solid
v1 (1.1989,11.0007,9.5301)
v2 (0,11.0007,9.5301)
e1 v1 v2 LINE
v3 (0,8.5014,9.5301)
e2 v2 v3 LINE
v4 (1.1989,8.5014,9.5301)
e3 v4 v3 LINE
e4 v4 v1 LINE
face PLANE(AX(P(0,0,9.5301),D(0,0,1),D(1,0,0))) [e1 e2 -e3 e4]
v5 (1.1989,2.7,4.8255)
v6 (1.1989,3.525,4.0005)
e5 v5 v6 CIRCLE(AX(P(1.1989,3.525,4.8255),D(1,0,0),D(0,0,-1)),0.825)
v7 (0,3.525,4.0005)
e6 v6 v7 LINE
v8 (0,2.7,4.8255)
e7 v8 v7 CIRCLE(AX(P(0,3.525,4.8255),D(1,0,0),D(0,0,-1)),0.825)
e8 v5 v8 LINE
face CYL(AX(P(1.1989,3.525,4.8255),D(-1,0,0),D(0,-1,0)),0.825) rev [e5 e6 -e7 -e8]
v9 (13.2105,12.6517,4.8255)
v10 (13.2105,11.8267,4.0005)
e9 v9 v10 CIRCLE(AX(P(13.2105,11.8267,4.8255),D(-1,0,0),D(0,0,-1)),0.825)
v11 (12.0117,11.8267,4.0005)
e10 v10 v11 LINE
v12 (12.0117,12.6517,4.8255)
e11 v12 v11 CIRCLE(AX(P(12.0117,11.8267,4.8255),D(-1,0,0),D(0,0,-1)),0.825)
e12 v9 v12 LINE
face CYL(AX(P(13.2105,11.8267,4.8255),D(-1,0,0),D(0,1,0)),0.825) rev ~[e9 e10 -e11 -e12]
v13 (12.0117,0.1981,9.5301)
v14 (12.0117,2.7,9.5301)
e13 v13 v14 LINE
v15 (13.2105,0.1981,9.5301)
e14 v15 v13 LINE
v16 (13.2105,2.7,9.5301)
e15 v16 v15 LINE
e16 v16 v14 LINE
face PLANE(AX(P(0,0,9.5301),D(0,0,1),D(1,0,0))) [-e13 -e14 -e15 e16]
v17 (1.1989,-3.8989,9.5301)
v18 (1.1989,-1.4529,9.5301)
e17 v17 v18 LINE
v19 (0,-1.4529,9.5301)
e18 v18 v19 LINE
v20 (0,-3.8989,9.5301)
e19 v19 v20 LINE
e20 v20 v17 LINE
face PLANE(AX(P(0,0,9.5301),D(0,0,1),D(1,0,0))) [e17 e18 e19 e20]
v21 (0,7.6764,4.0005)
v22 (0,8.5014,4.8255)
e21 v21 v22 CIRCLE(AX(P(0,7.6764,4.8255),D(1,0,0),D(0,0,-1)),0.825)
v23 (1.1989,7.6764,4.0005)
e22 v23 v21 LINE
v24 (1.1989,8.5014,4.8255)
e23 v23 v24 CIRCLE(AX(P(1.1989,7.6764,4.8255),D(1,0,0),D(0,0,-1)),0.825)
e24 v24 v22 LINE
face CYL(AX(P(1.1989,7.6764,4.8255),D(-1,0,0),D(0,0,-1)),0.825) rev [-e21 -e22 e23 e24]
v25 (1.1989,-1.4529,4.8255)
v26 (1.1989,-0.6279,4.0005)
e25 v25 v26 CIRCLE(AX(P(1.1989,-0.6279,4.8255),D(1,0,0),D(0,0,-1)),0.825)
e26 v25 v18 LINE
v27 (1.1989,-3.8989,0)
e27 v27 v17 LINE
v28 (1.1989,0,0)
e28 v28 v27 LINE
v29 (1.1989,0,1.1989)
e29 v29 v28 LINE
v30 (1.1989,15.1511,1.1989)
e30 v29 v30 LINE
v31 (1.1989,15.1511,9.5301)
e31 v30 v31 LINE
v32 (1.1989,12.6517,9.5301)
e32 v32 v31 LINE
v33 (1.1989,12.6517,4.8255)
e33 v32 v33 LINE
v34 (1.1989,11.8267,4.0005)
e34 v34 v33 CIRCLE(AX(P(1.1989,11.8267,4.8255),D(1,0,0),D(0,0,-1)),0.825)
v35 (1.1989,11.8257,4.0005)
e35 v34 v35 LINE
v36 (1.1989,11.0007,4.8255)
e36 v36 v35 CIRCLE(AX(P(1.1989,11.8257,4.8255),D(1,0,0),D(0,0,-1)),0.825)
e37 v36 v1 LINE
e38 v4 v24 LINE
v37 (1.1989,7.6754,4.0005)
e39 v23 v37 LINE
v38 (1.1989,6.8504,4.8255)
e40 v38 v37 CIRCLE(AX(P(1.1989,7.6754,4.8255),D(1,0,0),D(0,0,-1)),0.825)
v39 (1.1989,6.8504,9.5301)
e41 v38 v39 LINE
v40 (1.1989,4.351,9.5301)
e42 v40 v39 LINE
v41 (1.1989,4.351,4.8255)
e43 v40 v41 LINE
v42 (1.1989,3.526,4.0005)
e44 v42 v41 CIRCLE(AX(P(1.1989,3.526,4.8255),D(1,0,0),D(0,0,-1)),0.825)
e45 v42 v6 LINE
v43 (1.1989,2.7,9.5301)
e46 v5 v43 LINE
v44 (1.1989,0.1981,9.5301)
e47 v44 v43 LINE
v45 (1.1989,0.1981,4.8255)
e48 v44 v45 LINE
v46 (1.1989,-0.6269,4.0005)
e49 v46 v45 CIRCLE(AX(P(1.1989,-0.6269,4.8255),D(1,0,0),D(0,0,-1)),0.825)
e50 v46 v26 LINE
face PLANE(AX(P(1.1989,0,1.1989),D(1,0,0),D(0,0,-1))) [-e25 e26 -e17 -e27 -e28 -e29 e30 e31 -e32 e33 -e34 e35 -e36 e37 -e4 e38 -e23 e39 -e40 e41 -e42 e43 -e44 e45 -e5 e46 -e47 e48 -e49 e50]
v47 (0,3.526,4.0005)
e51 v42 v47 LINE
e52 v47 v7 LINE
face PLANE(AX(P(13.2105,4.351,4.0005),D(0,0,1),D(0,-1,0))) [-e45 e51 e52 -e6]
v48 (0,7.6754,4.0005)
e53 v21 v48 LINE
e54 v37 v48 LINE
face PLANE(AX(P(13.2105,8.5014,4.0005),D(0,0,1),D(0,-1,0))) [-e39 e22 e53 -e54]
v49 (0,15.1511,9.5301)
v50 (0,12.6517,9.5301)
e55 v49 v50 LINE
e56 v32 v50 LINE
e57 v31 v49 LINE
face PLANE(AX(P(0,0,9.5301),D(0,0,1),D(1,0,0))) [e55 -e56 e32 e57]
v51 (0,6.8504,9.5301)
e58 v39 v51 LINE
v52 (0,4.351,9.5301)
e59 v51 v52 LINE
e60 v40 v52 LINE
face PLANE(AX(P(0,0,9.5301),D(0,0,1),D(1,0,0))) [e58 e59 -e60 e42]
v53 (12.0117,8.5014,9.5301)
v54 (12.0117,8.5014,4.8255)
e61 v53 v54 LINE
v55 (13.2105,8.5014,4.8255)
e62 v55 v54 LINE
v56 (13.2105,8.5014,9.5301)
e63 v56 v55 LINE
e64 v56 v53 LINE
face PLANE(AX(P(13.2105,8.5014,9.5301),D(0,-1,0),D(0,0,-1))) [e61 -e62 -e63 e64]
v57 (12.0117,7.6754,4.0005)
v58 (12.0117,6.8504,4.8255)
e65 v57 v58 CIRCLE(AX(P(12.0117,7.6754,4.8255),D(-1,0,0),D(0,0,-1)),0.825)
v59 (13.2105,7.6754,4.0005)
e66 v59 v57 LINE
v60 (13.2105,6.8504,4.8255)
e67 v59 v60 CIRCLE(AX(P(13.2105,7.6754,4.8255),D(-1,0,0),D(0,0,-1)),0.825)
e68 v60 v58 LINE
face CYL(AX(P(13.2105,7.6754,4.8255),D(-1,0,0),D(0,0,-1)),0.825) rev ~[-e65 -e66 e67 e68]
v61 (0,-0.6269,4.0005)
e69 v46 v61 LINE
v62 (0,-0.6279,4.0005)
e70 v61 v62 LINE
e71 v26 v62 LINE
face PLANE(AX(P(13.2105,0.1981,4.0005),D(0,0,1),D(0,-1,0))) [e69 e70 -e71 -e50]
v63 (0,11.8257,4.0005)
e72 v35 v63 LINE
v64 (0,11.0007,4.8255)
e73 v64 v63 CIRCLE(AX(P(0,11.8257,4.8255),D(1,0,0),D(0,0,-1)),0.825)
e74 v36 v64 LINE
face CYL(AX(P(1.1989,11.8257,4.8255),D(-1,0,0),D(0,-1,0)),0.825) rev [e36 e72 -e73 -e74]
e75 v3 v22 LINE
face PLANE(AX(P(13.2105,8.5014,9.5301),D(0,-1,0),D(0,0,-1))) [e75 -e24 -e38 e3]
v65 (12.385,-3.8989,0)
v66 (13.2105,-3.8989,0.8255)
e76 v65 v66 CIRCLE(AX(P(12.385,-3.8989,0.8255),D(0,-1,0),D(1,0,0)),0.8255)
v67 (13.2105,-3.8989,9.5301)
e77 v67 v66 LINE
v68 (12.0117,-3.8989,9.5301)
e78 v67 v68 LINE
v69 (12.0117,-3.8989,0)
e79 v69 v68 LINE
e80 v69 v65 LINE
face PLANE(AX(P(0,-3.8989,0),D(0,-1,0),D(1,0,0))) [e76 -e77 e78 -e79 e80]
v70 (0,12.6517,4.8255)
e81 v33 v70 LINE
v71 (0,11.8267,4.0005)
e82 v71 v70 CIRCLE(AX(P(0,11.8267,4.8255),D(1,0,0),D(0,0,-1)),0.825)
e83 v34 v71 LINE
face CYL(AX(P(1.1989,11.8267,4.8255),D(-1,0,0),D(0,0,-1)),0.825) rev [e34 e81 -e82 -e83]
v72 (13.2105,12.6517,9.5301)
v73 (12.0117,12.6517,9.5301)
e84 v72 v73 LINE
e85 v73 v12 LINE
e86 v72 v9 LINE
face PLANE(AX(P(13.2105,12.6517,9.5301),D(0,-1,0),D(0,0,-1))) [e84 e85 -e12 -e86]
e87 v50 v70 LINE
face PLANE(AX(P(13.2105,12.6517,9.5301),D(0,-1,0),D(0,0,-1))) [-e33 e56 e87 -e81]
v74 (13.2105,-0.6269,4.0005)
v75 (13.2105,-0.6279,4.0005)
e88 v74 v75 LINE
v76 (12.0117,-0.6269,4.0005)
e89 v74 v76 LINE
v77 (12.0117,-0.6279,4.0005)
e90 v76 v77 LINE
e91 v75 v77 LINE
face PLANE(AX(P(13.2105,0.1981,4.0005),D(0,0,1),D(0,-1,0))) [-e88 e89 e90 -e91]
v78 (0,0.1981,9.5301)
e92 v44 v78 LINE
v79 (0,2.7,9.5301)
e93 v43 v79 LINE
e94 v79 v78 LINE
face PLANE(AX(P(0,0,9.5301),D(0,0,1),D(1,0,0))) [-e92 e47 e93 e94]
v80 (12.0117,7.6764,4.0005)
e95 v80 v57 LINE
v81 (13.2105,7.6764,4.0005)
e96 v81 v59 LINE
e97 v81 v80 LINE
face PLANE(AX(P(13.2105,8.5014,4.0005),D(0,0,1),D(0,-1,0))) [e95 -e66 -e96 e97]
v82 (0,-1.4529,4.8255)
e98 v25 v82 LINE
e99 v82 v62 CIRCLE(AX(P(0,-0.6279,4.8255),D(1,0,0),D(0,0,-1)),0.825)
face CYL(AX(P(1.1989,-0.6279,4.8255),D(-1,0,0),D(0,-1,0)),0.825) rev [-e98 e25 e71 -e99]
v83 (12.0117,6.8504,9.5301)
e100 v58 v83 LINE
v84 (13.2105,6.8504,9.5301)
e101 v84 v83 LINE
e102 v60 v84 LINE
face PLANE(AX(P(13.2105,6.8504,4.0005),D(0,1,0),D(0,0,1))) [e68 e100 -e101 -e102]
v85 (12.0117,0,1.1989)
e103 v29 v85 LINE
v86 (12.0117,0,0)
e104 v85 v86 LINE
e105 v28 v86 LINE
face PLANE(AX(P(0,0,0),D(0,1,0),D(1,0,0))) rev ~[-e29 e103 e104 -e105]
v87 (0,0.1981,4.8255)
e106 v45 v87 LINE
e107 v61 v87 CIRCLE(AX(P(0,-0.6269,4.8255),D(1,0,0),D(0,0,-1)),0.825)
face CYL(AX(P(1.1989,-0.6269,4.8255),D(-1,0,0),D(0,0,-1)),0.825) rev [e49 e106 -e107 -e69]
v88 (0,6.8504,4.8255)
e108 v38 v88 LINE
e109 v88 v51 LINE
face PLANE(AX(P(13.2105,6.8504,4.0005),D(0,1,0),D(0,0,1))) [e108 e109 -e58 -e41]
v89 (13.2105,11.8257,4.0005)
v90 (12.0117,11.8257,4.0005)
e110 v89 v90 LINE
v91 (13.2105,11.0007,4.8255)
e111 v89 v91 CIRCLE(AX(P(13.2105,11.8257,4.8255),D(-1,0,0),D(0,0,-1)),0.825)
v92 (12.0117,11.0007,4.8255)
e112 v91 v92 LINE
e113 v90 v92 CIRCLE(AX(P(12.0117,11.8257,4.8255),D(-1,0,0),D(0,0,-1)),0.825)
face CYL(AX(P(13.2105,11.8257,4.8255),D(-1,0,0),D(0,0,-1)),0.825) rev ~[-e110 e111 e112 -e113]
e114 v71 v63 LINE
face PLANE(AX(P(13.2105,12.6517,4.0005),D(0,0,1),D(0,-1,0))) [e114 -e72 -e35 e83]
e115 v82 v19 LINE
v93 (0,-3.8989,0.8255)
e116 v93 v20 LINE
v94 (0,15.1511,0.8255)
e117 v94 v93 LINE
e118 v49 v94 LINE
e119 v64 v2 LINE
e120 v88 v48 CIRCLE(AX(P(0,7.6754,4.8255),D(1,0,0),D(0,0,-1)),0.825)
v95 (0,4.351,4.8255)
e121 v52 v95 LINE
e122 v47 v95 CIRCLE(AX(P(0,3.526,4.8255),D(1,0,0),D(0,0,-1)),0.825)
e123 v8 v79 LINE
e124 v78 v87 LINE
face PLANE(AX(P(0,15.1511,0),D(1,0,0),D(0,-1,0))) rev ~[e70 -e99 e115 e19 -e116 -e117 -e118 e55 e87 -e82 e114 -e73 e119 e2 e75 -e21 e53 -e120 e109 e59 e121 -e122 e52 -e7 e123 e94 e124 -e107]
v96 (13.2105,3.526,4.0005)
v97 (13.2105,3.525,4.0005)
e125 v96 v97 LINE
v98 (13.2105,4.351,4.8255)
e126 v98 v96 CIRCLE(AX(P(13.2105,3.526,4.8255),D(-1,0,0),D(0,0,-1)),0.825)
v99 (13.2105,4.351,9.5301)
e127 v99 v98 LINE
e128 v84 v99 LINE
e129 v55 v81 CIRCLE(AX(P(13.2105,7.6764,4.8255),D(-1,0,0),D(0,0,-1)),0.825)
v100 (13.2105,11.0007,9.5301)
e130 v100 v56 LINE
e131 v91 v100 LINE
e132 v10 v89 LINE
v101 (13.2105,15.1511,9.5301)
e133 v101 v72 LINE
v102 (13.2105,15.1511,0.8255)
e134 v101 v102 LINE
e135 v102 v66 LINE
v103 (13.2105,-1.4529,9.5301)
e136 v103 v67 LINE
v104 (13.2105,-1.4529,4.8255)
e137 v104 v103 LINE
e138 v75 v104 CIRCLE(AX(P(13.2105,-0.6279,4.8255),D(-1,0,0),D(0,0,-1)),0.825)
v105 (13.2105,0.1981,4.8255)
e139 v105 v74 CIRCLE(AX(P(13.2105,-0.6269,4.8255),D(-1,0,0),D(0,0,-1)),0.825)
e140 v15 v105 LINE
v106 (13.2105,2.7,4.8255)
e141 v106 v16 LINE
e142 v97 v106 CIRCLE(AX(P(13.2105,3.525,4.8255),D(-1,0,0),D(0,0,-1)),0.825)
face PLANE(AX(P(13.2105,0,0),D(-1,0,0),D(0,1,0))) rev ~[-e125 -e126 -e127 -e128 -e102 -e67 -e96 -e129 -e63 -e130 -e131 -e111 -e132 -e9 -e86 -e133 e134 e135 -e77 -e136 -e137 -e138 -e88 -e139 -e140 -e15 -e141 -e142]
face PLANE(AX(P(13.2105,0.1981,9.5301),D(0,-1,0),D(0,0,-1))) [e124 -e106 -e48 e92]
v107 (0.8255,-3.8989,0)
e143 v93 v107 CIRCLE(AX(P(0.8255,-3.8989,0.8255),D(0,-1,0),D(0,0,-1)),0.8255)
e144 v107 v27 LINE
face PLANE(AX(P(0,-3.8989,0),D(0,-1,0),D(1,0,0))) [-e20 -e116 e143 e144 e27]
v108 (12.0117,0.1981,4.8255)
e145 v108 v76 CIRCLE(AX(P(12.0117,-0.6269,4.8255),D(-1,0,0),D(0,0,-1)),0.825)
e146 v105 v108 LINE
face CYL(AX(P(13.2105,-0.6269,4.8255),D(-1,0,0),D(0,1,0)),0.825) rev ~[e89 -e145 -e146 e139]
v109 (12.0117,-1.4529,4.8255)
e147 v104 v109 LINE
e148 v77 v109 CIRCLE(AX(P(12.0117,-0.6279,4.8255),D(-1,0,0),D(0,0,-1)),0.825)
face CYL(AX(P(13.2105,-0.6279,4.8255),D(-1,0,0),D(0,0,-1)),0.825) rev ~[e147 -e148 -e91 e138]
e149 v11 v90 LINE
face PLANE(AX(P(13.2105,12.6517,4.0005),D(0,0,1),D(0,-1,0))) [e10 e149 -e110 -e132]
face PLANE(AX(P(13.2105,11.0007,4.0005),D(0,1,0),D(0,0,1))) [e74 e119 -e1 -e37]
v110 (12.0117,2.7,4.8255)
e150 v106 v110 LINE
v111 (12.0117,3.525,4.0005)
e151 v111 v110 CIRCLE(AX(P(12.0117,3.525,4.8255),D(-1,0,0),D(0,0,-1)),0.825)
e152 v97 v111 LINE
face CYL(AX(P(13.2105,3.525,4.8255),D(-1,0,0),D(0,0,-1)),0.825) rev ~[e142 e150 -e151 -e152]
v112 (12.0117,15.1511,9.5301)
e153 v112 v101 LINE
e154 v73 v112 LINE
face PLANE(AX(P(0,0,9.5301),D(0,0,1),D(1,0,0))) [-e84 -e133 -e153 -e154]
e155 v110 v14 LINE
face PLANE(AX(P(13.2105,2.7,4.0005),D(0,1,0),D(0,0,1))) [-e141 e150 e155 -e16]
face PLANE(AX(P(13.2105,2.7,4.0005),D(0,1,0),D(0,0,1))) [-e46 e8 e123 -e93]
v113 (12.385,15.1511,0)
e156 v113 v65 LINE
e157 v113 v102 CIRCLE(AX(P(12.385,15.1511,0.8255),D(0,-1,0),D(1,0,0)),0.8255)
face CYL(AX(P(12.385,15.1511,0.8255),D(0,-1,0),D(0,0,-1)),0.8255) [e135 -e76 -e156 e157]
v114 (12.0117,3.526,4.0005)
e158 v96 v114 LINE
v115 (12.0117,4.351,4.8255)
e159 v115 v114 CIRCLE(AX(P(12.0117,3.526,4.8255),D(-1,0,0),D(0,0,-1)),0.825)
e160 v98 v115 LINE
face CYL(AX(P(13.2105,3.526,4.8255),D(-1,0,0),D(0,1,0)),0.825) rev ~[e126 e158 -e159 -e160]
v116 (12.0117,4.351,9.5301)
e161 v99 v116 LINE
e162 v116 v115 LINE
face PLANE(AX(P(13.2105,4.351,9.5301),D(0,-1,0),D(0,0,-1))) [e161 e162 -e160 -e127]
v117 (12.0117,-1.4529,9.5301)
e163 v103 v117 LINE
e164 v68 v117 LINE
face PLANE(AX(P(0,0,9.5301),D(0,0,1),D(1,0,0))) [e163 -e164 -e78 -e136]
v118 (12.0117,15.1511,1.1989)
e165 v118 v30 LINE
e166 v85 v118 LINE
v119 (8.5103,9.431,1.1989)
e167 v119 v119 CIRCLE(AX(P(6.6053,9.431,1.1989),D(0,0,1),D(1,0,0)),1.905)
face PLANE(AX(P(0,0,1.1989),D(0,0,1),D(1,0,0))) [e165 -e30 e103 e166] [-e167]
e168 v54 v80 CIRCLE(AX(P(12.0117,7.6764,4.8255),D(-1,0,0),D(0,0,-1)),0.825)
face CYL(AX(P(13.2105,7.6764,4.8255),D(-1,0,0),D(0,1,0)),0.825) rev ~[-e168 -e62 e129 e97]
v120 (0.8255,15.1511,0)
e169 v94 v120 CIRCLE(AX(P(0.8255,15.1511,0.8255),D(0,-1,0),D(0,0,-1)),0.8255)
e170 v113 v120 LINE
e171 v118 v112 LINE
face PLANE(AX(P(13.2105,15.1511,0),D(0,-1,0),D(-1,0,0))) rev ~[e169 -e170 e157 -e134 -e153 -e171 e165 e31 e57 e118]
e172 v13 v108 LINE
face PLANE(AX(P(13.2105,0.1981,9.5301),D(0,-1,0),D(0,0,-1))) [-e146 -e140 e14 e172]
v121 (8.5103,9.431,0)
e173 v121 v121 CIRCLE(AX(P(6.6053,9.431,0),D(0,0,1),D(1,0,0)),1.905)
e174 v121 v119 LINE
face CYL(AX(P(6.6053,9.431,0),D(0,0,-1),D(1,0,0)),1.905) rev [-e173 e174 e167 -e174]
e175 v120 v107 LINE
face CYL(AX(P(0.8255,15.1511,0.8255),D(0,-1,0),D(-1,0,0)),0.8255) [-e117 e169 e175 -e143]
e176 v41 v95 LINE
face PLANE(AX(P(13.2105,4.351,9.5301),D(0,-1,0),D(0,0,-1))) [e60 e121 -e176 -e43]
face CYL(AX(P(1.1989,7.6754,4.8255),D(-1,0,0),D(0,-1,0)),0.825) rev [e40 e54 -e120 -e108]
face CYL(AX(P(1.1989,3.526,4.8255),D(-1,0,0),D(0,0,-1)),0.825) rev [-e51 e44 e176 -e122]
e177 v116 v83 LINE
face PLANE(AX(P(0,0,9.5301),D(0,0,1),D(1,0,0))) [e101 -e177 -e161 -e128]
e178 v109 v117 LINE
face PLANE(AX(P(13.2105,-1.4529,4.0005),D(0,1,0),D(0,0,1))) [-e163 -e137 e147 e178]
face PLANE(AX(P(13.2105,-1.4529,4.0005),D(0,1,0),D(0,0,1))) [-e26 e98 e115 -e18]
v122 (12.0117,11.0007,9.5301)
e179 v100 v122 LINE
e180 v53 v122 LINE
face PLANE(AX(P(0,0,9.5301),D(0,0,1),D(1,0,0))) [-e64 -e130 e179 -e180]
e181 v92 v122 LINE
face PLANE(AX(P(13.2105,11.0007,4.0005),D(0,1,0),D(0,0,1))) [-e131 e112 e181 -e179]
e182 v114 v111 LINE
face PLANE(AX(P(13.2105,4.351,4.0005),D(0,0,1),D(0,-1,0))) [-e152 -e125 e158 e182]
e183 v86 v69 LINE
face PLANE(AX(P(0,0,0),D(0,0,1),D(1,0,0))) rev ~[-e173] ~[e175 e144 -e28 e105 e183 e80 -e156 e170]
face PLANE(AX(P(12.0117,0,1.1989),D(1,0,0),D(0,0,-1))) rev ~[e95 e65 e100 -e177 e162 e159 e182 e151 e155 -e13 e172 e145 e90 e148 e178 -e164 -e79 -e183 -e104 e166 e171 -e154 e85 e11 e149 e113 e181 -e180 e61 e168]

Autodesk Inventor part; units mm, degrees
ref_plane "YZ Plane" through (0, 0, 0) normal (1, 0, 0) x (0, 1, 0)
ref_plane "XZ Plane" through (0, 0, 0) normal (0, 1, 0) x (-1, 0, 0)
ref_plane "XY Plane" through (0, 0, 0) normal (0, 0, 1) x (1, 0, 0)
sketch "Sketch1" plane through (0, 0, 0) normal (0, 0, 1) x (1, 0, 0)
  line L0 (0, 0) -> (13.2105, 0)
  line L1 (13.2105, 0) -> (13.2105, 15.1511)
  line L2 (13.2105, 15.1511) -> (0, 15.1511)
  line L3 (0, 15.1511) -> (0, 0)
  circle A0 centre (6.6053, 9.431) radius 1.905
  dimension "d0" = 13.2105
  dimension "d1" = 15.1511
  dimension "d2" = 3.81
  dimension "d3" = 5.7201
extrude "Extrusion1" add sketch "Sketch1" along normal blind 1.1989
sketch "Sketch2" plane through (0, 0, 0) normal (0, -1, 0) x (1, 0, 0)
  line L0 (0, 0) -> (13.2105, 0) projected
  line L1 (0, 1.1989) -> (1.1989, 1.1989)
  line L2 (1.1989, 1.1989) -> (1.1989, 0)
  line L3 (1.1989, 0) -> (0, 0)
  line L4 (0, 0) -> (0, 1.1989)
  line L5 (13.2105, 1.1989) -> (12.0117, 1.1989)
  line L6 (12.0117, 1.1989) -> (12.0117, 0)
  line L7 (12.0117, 0) -> (13.2105, 0)
  line L8 (13.2105, 0) -> (13.2105, 1.1989)
  dimension "d6" = 1.1989
  dimension "d7" = 1.1989
extrude "Extrusion2" add sketch "Sketch2" along normal blind 3.8989
sketch "Sketch3" plane through (0, 0, 1.1989) normal (0, 0, 1) x (1, 0, 0)
  line L0 (13.2105, -3.8989) -> (12.0117, -3.8989)
  line L1 (12.0117, -3.8989) -> (12.0117, 15.1511)
  line L2 (12.0117, 15.1511) -> (13.2105, 15.1511)
  line L3 (13.2105, 15.1511) -> (13.2105, -3.8989)
  line L4 (0, -3.8989) -> (1.1989, -3.8989)
  line L5 (1.1989, -3.8989) -> (1.1989, 15.1511)
  line L6 (1.1989, 15.1511) -> (0, 15.1511)
  line L7 (0, 15.1511) -> (0, -3.8989)
  point P0 (0, 0)
extrude "Extrusion3" add sketch "Sketch3" along normal blind 8.3312
sketch "Sketch4" plane through (13.2105, -3.8989, 0) normal (1, 0, 0) x (0, 0, -1)
  line L0 (-9.5301, 19.05) -> (-9.5301, 0) projected
  line L1 (0, 19.05) -> (-9.5301, 19.05) projected
  line L2 (0, 19.05) -> (0, 0) projected
  line L3 (-9.5301, 16.5506) -> (-4.0005, 16.5506)
  line L4 (-4.0005, 16.5506) -> (-4.0005, 14.8996)
  line L5 (-4.0005, 14.8996) -> (-9.5301, 14.8996)
  line L6 (-9.5301, 14.8996) -> (-9.5301, 16.5506)
  line L7 (-9.5301, 12.4003) -> (-4.0005, 12.4003)
  line L8 (-4.0005, 12.4003) -> (-4.0005, 10.7493)
  line L9 (-4.0005, 10.7493) -> (-9.5301, 10.7493)
  line L10 (-9.5301, 10.7493) -> (-9.5301, 12.4003)
  line L11 (-9.5301, 8.2499) -> (-4.0005, 8.2499)
  line L12 (-4.0005, 8.2499) -> (-4.0005, 6.5989)
  line L13 (-4.0005, 6.5989) -> (-9.5301, 6.5989)
  line L14 (-9.5301, 6.5989) -> (-9.5301, 8.2499)
  line L15 (-9.5301, 4.097) -> (-4.0005, 4.097)
  line L16 (-4.0005, 4.097) -> (-4.0005, 2.446)
  line L17 (-4.0005, 2.446) -> (-9.5301, 2.446)
  line L18 (-9.5301, 2.446) -> (-9.5301, 4.097)
  point P0 (0, 3.8989)
  point P1 (-9.5301, 2.446)
  point P2 (-4.0005, 19.05)
  dimension "d12" = 2.4994
  dimension "d13" = 1.651
  dimension "d14" = 2.4994
  dimension "d15" = 1.651
  dimension "d16" = 2.4994
  dimension "d17" = 1.651
  dimension "d18" = 2.5019
  dimension "d19" = 1.651
  dimension "d20" = 4.0005
extrude "Extrusion4" cut sketch "Sketch4" against normal blind 25.4
fillet "Fillet1" radius 0.8255 16 edges at (12.6111, 11.0007, 4.0005) (12.6111, 6.8504, 4.0005) (12.6111, 2.7, 4.0005) (0.5994, -1.4529, 4.0005) (12.6111, -1.4529, 4.0005) (0.5994, 11.0007, 4.0005) (0.5994, 6.8504, 4.0005) (0.5994, 2.7, 4.0005) (12.6111, 12.6517, 4.0005) (12.6111, 8.5014, 4.0005) (12.6111, 4.351, 4.0005) (12.6111, 0.1981, 4.0005) (0.5994, 12.6517, 4.0005) (0.5994, 8.5014, 4.0005) (0.5994, 4.351, 4.0005) (0.5994, 0.1981, 4.0005)
fillet "Fillet2" radius 0.8255 2 edges at (13.2105, 5.6261, 0) (0, 5.6261, 0)
properties part number "TO-220 Heatsink"
